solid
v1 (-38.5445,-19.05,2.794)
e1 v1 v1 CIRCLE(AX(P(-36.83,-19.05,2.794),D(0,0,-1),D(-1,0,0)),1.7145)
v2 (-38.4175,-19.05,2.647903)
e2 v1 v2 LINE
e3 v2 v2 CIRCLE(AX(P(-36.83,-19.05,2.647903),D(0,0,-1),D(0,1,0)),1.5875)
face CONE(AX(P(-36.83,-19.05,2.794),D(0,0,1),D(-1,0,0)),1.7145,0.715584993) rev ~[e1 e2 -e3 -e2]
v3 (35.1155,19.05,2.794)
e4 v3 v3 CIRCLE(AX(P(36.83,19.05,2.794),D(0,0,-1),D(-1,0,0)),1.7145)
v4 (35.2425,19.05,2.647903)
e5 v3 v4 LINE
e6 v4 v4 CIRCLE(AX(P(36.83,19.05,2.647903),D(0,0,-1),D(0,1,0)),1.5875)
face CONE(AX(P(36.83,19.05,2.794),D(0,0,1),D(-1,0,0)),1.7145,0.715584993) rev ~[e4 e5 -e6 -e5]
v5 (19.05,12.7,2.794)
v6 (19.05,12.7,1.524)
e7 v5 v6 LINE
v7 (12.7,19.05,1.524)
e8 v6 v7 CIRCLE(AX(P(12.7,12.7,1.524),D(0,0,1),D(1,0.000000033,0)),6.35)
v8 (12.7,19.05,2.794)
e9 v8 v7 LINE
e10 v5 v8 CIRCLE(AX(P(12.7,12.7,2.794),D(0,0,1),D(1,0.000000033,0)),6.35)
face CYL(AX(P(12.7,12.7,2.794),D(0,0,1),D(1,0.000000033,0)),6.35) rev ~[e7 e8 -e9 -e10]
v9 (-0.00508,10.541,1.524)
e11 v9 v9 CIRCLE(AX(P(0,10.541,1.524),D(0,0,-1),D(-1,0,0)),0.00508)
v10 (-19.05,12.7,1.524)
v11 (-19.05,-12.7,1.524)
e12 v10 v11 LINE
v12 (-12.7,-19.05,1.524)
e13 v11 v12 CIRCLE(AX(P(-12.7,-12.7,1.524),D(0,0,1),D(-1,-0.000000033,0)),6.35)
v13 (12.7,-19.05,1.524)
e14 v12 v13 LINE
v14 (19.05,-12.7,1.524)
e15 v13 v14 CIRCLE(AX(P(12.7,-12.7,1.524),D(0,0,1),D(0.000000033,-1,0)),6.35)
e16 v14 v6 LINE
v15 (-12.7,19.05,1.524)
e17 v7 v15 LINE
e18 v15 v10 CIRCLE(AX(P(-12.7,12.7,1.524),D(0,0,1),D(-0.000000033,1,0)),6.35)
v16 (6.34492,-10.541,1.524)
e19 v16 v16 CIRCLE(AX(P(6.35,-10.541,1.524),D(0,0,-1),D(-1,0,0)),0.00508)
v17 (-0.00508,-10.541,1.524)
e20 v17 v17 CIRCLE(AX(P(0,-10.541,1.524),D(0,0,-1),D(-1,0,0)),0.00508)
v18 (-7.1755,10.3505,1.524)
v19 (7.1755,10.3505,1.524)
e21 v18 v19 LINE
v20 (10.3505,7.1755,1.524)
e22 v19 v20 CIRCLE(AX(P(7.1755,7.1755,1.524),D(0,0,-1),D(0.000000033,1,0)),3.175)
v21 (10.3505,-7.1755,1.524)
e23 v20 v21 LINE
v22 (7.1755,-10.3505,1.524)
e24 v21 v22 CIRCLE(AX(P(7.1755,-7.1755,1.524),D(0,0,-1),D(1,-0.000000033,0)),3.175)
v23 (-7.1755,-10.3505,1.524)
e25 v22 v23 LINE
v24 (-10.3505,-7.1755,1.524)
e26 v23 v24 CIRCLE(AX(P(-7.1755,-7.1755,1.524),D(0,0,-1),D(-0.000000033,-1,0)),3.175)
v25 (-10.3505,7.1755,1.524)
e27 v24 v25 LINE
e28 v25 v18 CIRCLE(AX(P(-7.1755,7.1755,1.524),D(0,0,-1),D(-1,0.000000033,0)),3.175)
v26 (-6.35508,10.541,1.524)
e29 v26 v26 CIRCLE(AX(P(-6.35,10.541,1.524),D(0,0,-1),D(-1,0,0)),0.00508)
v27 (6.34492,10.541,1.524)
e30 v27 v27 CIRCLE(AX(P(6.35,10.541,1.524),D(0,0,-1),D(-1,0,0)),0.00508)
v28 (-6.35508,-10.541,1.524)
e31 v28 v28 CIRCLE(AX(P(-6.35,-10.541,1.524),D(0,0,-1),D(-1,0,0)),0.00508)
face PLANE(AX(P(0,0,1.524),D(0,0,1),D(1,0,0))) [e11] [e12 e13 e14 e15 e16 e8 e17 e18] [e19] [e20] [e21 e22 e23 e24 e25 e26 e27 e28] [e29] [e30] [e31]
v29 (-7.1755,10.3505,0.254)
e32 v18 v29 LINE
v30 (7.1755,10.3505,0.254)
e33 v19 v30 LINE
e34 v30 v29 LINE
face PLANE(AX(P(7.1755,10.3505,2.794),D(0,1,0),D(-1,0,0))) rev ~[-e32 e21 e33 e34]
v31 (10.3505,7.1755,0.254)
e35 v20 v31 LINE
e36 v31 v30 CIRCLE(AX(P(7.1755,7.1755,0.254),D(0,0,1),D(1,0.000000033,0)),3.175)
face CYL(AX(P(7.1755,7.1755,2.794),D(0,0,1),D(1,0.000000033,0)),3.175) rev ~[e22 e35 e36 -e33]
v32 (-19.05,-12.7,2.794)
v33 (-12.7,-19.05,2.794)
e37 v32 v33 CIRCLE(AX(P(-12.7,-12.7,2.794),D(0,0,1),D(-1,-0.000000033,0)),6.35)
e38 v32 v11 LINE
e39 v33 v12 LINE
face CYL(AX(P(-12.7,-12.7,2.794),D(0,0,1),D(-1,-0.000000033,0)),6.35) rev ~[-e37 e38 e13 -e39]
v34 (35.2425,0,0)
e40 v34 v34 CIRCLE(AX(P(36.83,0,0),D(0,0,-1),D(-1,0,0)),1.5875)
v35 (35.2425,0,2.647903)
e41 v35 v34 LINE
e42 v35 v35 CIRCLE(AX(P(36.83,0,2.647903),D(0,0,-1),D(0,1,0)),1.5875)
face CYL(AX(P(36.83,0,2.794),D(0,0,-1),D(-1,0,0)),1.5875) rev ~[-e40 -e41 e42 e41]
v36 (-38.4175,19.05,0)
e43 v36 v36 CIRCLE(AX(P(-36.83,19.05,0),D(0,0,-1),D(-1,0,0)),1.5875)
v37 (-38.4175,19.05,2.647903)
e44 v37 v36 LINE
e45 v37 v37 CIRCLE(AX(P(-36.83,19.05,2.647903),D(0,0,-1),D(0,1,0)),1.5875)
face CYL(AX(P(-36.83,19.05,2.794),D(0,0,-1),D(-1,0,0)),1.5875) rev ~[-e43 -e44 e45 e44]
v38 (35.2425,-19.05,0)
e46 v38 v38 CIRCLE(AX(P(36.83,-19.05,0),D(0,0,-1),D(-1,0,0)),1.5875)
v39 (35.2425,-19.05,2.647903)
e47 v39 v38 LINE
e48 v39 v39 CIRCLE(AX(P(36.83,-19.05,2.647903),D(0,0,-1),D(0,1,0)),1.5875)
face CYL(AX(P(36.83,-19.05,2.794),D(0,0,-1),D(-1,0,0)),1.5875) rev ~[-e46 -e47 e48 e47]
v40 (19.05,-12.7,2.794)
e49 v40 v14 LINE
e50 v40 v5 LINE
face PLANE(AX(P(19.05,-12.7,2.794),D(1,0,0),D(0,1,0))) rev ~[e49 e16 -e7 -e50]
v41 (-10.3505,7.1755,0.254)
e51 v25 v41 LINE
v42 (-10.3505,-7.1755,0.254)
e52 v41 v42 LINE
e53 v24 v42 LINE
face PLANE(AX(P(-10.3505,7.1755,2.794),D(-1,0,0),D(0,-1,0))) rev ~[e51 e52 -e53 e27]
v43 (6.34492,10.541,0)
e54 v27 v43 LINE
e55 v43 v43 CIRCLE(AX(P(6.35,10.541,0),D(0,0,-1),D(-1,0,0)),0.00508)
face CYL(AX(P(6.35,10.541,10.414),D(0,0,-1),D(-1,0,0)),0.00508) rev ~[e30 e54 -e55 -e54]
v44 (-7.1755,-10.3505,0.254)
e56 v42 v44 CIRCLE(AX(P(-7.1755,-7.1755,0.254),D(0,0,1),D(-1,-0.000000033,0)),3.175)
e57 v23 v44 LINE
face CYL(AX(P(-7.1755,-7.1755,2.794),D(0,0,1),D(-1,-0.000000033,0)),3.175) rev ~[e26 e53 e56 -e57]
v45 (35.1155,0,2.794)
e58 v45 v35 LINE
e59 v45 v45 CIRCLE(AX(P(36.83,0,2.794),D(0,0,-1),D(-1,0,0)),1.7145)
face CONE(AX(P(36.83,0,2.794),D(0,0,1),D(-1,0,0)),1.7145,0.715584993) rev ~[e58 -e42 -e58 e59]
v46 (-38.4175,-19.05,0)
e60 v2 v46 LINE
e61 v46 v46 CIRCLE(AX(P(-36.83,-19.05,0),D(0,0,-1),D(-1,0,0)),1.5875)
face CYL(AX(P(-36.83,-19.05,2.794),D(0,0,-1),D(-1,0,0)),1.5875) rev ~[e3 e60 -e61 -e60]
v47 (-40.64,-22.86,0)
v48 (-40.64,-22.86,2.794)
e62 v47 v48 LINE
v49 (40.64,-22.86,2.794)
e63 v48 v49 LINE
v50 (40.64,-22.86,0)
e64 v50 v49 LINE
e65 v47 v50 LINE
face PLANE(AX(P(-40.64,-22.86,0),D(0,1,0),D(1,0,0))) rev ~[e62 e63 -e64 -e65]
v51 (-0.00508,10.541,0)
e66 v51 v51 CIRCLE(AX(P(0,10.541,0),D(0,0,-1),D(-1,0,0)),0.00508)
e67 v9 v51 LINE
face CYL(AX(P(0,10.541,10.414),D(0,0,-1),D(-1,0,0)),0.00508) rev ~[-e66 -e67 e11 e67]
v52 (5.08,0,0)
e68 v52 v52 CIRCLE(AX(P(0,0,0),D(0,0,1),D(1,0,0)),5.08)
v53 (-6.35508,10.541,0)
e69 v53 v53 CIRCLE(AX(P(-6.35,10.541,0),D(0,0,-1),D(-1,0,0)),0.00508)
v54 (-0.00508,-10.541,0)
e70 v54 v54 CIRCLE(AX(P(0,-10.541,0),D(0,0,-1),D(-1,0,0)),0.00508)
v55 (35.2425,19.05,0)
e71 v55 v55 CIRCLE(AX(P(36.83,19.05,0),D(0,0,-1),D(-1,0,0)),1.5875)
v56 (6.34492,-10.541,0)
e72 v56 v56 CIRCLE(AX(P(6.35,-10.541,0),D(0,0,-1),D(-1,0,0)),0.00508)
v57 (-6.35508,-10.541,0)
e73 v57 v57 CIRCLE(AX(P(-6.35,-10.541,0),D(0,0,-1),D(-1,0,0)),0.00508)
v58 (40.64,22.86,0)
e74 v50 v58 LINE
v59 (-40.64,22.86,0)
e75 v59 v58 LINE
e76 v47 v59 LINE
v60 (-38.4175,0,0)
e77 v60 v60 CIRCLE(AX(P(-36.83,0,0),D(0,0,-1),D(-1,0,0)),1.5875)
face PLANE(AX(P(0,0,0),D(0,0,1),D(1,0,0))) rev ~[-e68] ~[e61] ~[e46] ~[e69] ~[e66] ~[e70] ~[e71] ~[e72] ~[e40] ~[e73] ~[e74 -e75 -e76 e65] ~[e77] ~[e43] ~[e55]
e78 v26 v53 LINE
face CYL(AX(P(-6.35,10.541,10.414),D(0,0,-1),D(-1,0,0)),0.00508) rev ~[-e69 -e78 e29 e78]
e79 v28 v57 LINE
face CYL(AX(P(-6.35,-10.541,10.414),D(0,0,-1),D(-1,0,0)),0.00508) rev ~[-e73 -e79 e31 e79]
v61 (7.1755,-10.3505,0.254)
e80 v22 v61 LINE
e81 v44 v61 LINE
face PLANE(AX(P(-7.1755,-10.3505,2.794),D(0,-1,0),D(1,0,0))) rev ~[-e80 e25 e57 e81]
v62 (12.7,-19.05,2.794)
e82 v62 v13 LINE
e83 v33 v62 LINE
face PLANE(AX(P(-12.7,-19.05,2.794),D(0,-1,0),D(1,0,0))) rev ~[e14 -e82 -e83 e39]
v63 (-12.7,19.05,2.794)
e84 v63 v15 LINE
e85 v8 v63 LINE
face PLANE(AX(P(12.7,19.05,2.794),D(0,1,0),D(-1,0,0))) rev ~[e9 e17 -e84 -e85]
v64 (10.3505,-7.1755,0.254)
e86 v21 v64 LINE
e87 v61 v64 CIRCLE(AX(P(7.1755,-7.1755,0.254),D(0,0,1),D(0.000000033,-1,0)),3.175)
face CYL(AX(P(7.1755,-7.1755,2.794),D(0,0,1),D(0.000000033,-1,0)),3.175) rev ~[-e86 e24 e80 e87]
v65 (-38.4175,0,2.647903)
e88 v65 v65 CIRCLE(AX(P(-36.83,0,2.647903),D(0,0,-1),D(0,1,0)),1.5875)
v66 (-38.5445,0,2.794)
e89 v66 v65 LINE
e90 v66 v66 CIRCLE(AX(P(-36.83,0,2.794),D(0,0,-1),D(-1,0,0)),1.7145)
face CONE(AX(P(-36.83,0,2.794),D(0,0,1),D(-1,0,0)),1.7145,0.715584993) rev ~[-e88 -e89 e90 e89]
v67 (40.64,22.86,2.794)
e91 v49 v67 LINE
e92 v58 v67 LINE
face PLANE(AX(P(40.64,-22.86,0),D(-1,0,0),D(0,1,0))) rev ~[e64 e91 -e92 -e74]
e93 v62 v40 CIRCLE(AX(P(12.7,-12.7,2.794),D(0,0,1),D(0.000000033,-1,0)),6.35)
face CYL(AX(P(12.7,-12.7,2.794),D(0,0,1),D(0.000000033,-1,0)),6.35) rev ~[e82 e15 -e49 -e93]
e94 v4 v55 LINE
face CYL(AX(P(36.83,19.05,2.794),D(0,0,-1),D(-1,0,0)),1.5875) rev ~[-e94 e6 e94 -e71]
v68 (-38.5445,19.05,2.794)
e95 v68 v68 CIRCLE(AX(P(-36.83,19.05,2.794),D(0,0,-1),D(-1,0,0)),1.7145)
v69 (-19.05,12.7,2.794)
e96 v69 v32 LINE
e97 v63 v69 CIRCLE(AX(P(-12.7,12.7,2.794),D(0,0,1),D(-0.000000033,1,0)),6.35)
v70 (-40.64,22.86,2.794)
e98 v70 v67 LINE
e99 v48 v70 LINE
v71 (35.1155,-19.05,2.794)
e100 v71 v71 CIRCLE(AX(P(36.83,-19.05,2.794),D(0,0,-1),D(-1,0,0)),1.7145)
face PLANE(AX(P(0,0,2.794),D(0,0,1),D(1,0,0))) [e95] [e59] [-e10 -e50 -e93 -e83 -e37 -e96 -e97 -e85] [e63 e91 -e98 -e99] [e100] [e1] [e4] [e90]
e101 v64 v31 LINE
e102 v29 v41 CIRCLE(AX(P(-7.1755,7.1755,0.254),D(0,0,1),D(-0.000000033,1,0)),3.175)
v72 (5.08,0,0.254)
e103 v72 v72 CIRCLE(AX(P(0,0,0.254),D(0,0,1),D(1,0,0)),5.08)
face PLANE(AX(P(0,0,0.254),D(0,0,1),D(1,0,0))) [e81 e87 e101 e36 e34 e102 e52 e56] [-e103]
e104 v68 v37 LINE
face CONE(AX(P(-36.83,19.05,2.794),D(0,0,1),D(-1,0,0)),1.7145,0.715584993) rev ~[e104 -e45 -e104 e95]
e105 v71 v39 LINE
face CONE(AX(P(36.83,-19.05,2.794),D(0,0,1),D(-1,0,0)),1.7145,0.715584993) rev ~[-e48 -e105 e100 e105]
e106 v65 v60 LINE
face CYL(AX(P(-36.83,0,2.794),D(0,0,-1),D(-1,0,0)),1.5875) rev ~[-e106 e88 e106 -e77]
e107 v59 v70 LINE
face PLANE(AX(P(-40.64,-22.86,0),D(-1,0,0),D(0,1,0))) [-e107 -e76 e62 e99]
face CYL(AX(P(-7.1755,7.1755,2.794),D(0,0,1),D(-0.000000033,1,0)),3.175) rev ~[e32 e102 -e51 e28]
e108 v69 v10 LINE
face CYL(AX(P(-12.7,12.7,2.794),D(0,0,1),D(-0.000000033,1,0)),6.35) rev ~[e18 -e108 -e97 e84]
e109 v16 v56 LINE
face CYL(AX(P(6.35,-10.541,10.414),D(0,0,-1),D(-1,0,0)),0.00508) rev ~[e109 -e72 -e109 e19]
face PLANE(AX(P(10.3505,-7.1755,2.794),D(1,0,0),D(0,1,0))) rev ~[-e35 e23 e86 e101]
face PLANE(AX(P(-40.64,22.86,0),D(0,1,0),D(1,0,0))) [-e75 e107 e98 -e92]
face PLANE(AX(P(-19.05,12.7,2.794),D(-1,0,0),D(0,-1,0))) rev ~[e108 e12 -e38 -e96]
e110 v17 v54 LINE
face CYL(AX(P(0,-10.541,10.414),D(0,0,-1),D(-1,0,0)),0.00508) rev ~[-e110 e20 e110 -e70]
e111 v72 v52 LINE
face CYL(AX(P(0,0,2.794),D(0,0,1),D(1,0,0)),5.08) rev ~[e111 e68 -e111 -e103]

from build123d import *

# Parameters (mm, degrees)
F0_W           = 81.28
F0_H           = 45.72
F1_DEPTH       = 2.794
F3_DEPTH       = 1.27
F4_DEPTH       = 2.54
F2_R           = 5.08
F5_DEPTH       = 2.795
F6_D           = 3.175
F6_CSINK_D     = 3.429
F6_CSINK_ANGLE = 82
F8_D           = 0.01016
F8_DEPTH       = 7.62


with BuildPart() as f1:
    # F0 (on Top) → F1 (new body)
    with BuildSketch(Plane.XY):
        Rectangle(F0_W, F0_H)
    extrude(amount=F1_DEPTH)

    # F2 (on face) → F3 (cut)
    with BuildSketch(Plane.XY.offset(2.794)):
        with BuildLine():
            ThreePointArc((19.05, 12.7), (17.190128, 17.190128), (12.7, 19.05))
            Line((12.7, 19.05), (-12.7, 19.05))
            ThreePointArc((-12.7, 19.05), (-17.190128, 17.190128), (-19.05, 12.7))
            Line((-19.05, 12.7), (-19.05, -12.7))
            ThreePointArc((-19.05, -12.7), (-17.190128, -17.190128), (-12.7, -19.05))
            Line((-12.7, -19.05), (12.7, -19.05))
            ThreePointArc((12.7, -19.05), (17.190128, -17.190128), (19.05, -12.7))
            Line((19.05, -12.7), (19.05, 12.7))
        make_face()
        with BuildLine():
            Line((-7.1755, 10.3505), (7.1755, 10.3505))
            ThreePointArc((7.1755, 10.3505), (9.420564, 9.420564), (10.3505, 7.1755))
            Line((10.3505, 7.1755), (10.3505, -7.1755))
            ThreePointArc((10.3505, -7.1755), (9.420564, -9.420564), (7.1755, -10.3505))
            Line((7.1755, -10.3505), (-7.1755, -10.3505))
            ThreePointArc((-7.1755, -10.3505), (-9.420564, -9.420564), (-10.3505, -7.1755))
            Line((-10.3505, -7.1755), (-10.3505, 7.1755))
            ThreePointArc((-10.3505, 7.1755), (-9.420564, 9.420564), (-7.1755, 10.3505))
        make_face(mode=Mode.SUBTRACT)
    extrude(amount=-F3_DEPTH, mode=Mode.SUBTRACT)

    # F3_face (on face) → F4 (cut)
    with BuildSketch(Plane.XY.offset(2.794)):
        with BuildLine():
            Line((7.1755, 10.3505), (-7.1755, 10.3505))
            ThreePointArc((-7.1755, 10.3505), (-9.420564, 9.420564), (-10.3505, 7.1755))
            Line((-10.3505, 7.1755), (-10.3505, -7.1755))
            ThreePointArc((-10.3505, -7.1755), (-9.420564, -9.420564), (-7.1755, -10.3505))
            Line((-7.1755, -10.3505), (7.1755, -10.3505))
            ThreePointArc((7.1755, -10.3505), (9.420564, -9.420564), (10.3505, -7.1755))
            Line((10.3505, -7.1755), (10.3505, 7.1755))
            ThreePointArc((10.3505, 7.1755), (9.420564, 9.420564), (7.1755, 10.3505))
        make_face()
    extrude(amount=-F4_DEPTH, mode=Mode.SUBTRACT)

    # F2 (on face) → F5 (cut, through all)
    with BuildSketch(Plane.XY.offset(2.794)):
        Circle(F2_R)
    extrude(amount=-F5_DEPTH, mode=Mode.SUBTRACT)

    # F6 (through all)
    with Locations(Plane.XY.offset(2.794)):
        with Locations((-36.83, 19.05), (-36.83, -19.05), (36.83, -19.05), (36.83, 19.05), (-36.83, 0), (36.83, 0)):
            CounterSinkHole(F6_D / 2, F6_CSINK_D / 2, counter_sink_angle=F6_CSINK_ANGLE)

    # F8
    with Locations(Plane.XY.offset(2.794)):
        with Locations((-6.35, 10.541), (0, 10.541), (6.35, 10.541), (6.35, -10.541), (0, -10.541), (-6.35, -10.541)):
            Hole(F8_D / 2, depth=F8_DEPTH)


solid = f1.part
